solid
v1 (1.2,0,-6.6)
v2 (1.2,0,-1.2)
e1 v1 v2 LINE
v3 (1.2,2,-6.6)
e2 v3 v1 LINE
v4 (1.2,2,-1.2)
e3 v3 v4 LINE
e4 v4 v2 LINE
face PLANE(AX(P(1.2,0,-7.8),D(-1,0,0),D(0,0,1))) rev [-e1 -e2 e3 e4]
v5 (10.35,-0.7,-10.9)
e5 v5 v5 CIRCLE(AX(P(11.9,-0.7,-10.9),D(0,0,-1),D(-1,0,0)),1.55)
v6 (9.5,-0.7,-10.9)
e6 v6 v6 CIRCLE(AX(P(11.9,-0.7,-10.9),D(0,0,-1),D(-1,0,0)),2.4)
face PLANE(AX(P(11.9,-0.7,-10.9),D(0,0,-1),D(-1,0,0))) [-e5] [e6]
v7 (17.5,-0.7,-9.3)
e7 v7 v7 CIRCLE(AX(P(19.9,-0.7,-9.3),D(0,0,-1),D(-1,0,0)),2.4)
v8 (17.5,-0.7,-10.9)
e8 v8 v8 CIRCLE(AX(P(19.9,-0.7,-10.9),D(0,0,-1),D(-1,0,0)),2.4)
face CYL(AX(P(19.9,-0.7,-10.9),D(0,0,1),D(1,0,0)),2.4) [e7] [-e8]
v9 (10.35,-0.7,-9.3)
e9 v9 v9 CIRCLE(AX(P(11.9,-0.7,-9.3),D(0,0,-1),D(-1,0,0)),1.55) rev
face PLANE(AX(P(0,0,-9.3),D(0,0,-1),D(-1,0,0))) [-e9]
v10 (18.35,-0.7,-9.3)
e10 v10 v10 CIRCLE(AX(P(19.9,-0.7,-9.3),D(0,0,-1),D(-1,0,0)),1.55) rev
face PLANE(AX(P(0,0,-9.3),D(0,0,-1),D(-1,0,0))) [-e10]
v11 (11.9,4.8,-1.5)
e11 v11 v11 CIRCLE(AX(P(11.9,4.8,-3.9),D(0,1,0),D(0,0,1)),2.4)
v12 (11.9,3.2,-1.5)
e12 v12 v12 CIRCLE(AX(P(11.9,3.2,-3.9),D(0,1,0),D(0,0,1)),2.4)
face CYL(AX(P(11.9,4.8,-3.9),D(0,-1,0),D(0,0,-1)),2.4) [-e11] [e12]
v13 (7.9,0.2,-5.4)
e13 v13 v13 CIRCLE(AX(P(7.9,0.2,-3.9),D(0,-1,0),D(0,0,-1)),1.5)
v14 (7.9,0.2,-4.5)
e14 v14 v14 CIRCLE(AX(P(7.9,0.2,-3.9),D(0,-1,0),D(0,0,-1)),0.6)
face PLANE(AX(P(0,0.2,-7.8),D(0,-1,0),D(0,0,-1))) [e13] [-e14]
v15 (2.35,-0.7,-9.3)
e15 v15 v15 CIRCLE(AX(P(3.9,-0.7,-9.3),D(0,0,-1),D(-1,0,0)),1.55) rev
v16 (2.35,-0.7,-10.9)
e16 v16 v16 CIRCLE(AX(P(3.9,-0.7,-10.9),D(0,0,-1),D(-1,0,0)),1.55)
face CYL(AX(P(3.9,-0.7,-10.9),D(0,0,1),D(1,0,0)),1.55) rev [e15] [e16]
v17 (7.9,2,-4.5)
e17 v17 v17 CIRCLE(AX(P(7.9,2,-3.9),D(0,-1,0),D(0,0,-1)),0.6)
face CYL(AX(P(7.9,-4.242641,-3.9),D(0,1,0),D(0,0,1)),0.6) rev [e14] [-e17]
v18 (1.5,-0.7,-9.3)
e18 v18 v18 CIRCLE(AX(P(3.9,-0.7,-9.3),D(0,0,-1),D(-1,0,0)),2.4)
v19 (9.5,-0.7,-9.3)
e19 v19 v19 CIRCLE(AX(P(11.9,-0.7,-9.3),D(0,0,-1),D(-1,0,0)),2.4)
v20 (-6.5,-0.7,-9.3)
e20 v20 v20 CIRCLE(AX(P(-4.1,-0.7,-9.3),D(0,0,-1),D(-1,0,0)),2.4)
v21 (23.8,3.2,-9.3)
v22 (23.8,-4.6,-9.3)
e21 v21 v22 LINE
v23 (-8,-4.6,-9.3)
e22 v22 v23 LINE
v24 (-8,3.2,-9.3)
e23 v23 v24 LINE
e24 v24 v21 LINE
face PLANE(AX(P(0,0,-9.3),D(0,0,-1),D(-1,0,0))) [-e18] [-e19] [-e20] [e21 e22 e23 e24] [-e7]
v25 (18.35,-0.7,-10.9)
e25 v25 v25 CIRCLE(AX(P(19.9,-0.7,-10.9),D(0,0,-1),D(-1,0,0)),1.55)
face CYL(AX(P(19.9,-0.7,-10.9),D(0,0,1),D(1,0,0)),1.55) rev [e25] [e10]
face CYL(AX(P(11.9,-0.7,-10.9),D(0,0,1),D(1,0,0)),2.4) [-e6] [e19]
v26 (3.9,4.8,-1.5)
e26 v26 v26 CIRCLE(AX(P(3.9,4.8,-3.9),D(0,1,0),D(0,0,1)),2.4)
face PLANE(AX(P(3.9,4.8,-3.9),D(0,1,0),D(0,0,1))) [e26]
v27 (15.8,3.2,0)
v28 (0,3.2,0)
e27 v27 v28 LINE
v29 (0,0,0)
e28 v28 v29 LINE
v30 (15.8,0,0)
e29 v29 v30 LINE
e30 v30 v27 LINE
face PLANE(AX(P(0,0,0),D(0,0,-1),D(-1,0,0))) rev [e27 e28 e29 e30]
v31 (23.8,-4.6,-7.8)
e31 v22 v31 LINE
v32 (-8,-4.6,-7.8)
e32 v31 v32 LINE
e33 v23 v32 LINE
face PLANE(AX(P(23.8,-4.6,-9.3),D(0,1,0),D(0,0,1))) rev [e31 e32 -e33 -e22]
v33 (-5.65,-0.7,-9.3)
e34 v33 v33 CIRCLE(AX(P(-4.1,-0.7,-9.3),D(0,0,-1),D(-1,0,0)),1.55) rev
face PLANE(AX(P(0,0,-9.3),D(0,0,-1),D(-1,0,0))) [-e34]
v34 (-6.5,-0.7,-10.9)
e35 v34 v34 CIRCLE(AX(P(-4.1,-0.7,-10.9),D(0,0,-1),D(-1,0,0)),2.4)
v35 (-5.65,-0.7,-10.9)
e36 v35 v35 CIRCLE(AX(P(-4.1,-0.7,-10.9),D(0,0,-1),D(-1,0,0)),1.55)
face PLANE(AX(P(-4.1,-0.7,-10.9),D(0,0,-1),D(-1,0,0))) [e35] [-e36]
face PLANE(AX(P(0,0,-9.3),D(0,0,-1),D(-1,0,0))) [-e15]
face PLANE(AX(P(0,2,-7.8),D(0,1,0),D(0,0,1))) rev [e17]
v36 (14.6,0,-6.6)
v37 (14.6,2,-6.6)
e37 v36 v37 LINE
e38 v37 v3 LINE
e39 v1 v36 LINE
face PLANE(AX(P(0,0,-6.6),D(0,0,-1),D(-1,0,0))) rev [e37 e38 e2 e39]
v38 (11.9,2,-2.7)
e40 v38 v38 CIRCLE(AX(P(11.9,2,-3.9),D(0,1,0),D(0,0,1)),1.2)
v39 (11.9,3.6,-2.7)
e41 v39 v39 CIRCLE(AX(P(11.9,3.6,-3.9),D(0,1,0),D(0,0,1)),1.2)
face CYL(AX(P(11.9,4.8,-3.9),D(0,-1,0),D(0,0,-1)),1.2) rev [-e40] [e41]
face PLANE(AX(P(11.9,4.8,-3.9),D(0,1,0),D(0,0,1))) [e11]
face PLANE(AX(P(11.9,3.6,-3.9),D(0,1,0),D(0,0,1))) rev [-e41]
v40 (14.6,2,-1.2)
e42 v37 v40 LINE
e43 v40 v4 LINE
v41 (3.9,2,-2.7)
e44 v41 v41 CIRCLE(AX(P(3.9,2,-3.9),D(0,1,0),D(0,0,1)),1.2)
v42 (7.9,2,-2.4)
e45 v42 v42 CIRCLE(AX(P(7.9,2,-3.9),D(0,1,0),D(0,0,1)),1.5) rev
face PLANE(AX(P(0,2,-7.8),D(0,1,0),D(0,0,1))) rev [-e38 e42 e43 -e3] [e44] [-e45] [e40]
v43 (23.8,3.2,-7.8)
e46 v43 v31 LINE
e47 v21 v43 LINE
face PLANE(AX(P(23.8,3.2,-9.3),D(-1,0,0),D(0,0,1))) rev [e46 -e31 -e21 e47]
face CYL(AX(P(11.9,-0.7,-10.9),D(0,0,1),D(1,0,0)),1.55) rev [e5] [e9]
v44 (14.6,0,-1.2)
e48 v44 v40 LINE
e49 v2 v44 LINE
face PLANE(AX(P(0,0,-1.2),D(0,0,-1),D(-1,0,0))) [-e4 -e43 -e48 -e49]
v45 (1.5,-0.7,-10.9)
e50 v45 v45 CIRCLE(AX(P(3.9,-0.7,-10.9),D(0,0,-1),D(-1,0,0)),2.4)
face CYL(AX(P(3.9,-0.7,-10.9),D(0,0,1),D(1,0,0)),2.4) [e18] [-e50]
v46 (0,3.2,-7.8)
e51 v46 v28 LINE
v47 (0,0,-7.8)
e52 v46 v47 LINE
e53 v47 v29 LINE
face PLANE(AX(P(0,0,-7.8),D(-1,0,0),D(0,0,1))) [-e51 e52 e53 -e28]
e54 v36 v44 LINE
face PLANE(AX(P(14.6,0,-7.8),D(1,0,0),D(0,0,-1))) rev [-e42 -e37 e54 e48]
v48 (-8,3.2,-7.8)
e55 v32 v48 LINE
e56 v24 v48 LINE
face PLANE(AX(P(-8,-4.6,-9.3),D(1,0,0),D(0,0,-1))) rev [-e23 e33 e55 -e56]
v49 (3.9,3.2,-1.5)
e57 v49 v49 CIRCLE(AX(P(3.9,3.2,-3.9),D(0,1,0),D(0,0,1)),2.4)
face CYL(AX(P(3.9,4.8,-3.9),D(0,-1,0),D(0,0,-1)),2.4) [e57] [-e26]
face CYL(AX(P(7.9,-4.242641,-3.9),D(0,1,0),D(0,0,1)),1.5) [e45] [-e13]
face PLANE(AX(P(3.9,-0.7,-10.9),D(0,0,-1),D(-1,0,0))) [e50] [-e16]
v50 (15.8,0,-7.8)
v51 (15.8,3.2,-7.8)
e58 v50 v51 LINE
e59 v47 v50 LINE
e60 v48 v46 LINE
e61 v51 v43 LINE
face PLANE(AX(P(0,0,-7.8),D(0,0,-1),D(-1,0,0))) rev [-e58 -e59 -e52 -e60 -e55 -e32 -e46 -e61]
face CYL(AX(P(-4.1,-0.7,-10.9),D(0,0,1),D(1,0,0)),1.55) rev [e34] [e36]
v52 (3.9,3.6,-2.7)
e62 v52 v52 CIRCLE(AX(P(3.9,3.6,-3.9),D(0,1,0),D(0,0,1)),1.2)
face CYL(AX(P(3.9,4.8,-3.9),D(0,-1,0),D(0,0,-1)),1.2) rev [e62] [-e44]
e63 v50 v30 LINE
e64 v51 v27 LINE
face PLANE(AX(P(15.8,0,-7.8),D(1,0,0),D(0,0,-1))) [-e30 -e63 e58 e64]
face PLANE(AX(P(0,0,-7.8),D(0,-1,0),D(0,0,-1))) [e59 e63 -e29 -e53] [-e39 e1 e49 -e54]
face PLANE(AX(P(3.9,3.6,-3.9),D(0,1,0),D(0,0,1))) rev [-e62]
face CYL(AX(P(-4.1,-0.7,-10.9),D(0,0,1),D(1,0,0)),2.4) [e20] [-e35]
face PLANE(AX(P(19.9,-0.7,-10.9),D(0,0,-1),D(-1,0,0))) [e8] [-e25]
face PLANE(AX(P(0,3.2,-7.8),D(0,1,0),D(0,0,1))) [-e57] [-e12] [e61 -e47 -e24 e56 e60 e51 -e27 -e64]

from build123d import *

# Parameters (mm, degrees)
SKETCH1_W            = 15.8
SKETCH1_H            = 3.2
BOSS_EXTRUDE1_DEPTH  = 7.8
SKETCH2_R            = 2.4
BOSS_EXTRUDE2_DEPTH  = 1.6
LPATTERN1_COUNT      = 2
LPATTERN1_PITCH      = 8
LPATTERN1_COUNT_DIR2 = 6
LPATTERN1_PITCH_DIR2 = 8
SHELL1_T             = -1.2
SKETCH3_R            = 1.5
SKETCH3_R_2          = 0.6
BOSS_EXTRUDE3_DEPTH  = 1.8
BOSS_EXTRUDE4_DEPTH  = 1.5
SKETCH5_R            = 2.4
SKETCH5_R_2          = 1.55
BOSS_EXTRUDE5_DEPTH  = 1.6
LPATTERN2_COUNT      = 4
LPATTERN2_PITCH      = 8


with BuildPart() as part:
    # Sketch1 → Boss-Extrude1 (new body)
    with BuildSketch(Plane.XY):
        with Locations((7.9, 1.6)):
            Rectangle(SKETCH1_W, SKETCH1_H)
    extrude(amount=-BOSS_EXTRUDE1_DEPTH)

    # Sketch2 → Boss-Extrude2 (add)
    with BuildSketch(Plane(origin=(0, 3.2, 0), x_dir=(1, 0, 0), z_dir=(0, 1, 0))):
        with Locations(Location((3.9, 3.9, 0), (0, 0, 270))):
            Circle(SKETCH2_R)
    boss_extrude2 = extrude(amount=BOSS_EXTRUDE2_DEPTH)

    # LPattern1: Boss-Extrude2 2 × 6, 10 skipped
    with Locations(*[(j * LPATTERN1_PITCH_DIR2, 0, i * LPATTERN1_PITCH) for i in range(LPATTERN1_COUNT) for j in range(LPATTERN1_COUNT_DIR2) if (i, j) not in ((0, 0), (0, 2), (0, 3), (0, 4), (0, 5), (1, 0), (1, 1), (1, 2), (1, 3), (1, 4), (1, 5))]):
        add(boss_extrude2)

    # Shell1
    shell1_openings = [part.faces().sort_by_distance(p)[0] for p in [
        (7.9, 0, -3.9),
    ]]
    offset(amount=SHELL1_T, openings=shell1_openings, kind=Kind.INTERSECTION)

    # Sketch3 → Boss-Extrude3 (add)
    with BuildSketch(Plane.XZ.offset(-2)):
        with Locations(Location((7.9, -3.9, 0), (0, 0, 90))):
            Circle(SKETCH3_R)
        with Locations(Location((7.9, -3.9, 0), (0, 0, 270))):
            Circle(SKETCH3_R_2, mode=Mode.SUBTRACT)
    extrude(amount=BOSS_EXTRUDE3_DEPTH)

    # Sketch4 → Boss-Extrude4 (add)
    with BuildSketch(Plane(origin=(0, 0, -7.8), x_dir=(-1, 0, 0), z_dir=(0, 0, -1))):
        Polygon((-15.8, 3.2), (-23.8, 3.2), (-23.8, -4.6), (8, -4.6), (8, 3.2), (0, 3.2), align=None)
    extrude(amount=BOSS_EXTRUDE4_DEPTH)

    # Sketch5 → Boss-Extrude5 (add)
    with BuildSketch(Plane(origin=(0, 0, -9.3), x_dir=(-1, 0, 0), z_dir=(0, 0, -1))):
        with Locations((4.1, -0.7)):
            Circle(SKETCH5_R)
        with Locations((4.1, -0.7)):
            Circle(SKETCH5_R_2, mode=Mode.SUBTRACT)
    boss_extrude5 = extrude(amount=BOSS_EXTRUDE5_DEPTH)

    # LPattern2: Boss-Extrude5 ×4
    with Locations(*[(i * LPATTERN2_PITCH, 0, 0) for i in range(1, LPATTERN2_COUNT)]):
        add(boss_extrude5)


solid = part.part
